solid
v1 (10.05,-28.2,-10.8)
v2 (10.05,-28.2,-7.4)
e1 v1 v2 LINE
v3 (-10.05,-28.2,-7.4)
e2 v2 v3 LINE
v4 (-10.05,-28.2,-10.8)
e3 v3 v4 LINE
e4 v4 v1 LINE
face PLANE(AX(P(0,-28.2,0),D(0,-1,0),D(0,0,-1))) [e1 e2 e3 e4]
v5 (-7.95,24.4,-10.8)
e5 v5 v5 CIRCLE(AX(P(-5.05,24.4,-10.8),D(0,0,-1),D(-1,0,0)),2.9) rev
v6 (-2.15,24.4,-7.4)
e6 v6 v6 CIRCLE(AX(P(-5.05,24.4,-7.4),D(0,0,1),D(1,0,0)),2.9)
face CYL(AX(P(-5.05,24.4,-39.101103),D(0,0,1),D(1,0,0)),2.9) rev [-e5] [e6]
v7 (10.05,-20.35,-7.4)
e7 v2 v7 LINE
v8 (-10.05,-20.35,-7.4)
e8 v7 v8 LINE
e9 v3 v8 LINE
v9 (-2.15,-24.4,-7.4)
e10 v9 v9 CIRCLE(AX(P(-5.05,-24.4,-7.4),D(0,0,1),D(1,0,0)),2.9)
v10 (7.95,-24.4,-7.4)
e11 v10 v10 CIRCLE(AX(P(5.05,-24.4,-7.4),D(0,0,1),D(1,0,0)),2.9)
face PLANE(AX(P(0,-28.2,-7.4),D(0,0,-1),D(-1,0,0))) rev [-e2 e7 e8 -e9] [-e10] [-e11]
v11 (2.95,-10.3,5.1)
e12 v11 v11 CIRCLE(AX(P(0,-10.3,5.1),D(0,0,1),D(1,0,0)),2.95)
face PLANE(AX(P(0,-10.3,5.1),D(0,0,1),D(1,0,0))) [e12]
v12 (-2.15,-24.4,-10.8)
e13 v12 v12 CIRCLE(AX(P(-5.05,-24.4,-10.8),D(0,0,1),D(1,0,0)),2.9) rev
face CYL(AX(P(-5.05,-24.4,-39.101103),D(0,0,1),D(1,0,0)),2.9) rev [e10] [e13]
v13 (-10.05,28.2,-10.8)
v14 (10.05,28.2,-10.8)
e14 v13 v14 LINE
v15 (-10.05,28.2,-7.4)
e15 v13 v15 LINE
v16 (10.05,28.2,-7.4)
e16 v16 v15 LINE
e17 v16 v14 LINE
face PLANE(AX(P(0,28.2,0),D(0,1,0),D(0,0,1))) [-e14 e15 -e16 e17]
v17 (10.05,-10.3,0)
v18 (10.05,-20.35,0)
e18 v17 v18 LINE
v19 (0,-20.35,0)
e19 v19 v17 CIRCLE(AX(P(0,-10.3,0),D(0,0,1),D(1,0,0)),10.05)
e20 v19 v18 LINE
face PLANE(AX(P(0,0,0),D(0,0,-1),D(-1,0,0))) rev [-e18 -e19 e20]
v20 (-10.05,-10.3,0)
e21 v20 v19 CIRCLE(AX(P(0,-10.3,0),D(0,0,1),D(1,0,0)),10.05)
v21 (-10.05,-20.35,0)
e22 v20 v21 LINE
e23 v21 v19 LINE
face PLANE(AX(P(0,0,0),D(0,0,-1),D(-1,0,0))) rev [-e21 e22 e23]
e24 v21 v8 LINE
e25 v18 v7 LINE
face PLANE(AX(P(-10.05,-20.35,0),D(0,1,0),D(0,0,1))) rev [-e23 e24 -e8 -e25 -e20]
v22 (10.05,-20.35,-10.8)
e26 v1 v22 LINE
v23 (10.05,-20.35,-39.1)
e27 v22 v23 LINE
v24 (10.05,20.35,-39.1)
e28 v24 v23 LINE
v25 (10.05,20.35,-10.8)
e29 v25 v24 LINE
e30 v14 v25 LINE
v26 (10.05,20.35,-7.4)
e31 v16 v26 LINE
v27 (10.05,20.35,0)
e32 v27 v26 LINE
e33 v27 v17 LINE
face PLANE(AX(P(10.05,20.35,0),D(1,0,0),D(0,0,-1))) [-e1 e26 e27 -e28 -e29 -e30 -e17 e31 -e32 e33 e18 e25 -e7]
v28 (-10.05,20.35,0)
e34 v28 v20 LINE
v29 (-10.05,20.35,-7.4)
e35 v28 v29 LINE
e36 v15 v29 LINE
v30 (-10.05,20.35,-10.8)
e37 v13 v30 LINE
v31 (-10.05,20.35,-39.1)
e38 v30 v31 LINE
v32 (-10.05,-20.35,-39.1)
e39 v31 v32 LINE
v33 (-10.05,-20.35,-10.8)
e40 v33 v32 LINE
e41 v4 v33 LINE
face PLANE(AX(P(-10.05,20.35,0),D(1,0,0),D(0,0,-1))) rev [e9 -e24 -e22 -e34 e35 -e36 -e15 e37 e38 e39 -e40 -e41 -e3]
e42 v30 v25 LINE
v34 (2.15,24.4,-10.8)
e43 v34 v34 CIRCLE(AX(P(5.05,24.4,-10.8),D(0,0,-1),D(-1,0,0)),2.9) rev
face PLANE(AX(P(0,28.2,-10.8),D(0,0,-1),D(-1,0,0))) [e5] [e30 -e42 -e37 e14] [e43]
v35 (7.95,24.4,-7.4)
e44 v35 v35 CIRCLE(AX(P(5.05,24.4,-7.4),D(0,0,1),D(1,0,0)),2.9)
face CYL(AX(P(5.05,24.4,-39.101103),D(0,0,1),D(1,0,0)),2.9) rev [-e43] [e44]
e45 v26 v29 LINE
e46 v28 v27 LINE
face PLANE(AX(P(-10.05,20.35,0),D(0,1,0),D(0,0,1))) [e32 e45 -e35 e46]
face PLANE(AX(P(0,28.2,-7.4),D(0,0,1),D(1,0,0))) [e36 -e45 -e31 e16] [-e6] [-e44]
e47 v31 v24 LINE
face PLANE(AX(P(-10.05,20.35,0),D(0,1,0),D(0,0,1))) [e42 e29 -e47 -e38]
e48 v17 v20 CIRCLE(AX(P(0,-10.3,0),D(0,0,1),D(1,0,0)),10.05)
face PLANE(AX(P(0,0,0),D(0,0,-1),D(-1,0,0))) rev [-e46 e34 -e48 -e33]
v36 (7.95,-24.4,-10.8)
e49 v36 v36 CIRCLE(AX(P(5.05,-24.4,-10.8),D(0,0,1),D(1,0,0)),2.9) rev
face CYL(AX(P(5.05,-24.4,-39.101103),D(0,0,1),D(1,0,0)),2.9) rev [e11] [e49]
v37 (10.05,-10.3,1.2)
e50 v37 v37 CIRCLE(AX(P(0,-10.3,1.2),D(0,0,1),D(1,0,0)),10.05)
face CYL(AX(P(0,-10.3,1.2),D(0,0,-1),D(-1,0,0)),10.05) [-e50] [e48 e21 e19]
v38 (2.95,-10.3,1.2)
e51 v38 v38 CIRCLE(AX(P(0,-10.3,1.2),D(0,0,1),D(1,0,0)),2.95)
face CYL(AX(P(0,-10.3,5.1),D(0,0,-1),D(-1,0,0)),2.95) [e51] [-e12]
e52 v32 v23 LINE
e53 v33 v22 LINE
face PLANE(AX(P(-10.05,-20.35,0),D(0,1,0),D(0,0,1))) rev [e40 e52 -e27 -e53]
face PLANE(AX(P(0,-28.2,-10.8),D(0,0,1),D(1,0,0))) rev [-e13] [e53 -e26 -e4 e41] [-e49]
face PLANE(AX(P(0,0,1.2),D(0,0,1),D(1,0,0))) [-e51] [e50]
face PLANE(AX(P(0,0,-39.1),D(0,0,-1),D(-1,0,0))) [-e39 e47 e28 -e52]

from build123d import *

# Parameters (mm, degrees)
EXTRUDE_1_DEPTH     = 39.1
SKETCH_7_R          = 10.05
EXTRUDE_2_DEPTH     = 1.2
SKETCH_9_R          = 2.95
EXTRUDE_3_DEPTH     = 3.9
SKETCH_10_W         = 20.1
SKETCH_10_H         = 3.4
EXTRUDE_4_DEPTH     = 7.85
SKETCH_11_W         = 20.1
SKETCH_11_H         = 3.4
EXTRUDE_5_DEPTH     = 7.85
CUT_EXTRUDE_1_REACH = 45.602
CUT_EXTRUDE_2_REACH = 45.602


with BuildPart() as part:
    # Sketch 3D_2 → 凸台-拉伸1 (new body)
    with BuildSketch(Plane(origin=(-10.05, 20.35, 0), x_dir=(0.4428021776174894, -0.8966193347777024, 0), z_dir=(0, 0, 1))):
        Polygon((0, 0), (8.90032377, 18.022048629), (45.392730696, 0), (36.492406925, -18.022048629), align=None)
    extrude(amount=-EXTRUDE_1_DEPTH)

    # 草图7 → 凸台-拉伸2 (add)
    with BuildSketch(Plane.XY):
        with Locations((0, -10.3)):
            Circle(SKETCH_7_R)
    extrude(amount=EXTRUDE_2_DEPTH)

    # 草图9 → 凸台-拉伸3 (add)
    with BuildSketch(Plane.XY.offset(1.2)):
        with Locations((0, -10.3)):
            Circle(SKETCH_9_R)
    extrude(amount=EXTRUDE_3_DEPTH)

    # 草图10 → 凸台-拉伸4 (add)
    with BuildSketch(Plane.XZ.offset(20.35)):
        with Locations((0, -9.1)):
            Rectangle(SKETCH_10_W, SKETCH_10_H)
    extrude(amount=EXTRUDE_4_DEPTH)

    # 草图11 → 凸台-拉伸5 (add)
    with BuildSketch(Plane(origin=(0, 20.35, 0), x_dir=(1, 0, 0), z_dir=(0, 1, 0))):
        with Locations((0, 9.1)):
            Rectangle(SKETCH_11_W, SKETCH_11_H)
    extrude(amount=EXTRUDE_5_DEPTH)

    # 草图13 → 切除-拉伸1 (cut, up to next)
    with BuildSketch(Plane.XY.offset(-7.4), mode=Mode.PRIVATE) as cut_extrude_1_sk1:
        with BuildLine():
            ThreePointArc((-7.95, -24.4), (-7.100609665, -26.450609665), (-5.05, -27.3))
            Line((-5.05, -27.3), (-5.05, -24.4))
            Line((-5.05, -24.4), (-7.95, -24.4))
        make_face()
    cut_extrude_1_tool1 = extrude(cut_extrude_1_sk1.sketch, amount=-CUT_EXTRUDE_1_REACH, mode=Mode.PRIVATE) & part.part
    # 草图13 → 切除-拉伸1 (cut, up to next)
    with BuildSketch(Plane.XY.offset(-7.4), mode=Mode.PRIVATE) as cut_extrude_1_sk2:
        with BuildLine():
            Line((-5.05, -24.4), (-5.05, -27.3))
            ThreePointArc((-5.05, -27.3), (-2.999390335, -26.450609665), (-2.15, -24.4))
            ThreePointArc((-2.15, -24.4), (-5.05, -21.5), (-7.95, -24.4))
            Line((-7.95, -24.4), (-5.05, -24.4))
        make_face()
    cut_extrude_1_tool2 = extrude(cut_extrude_1_sk2.sketch, amount=-CUT_EXTRUDE_1_REACH, mode=Mode.PRIVATE) & part.part
    # 草图13 → 切除-拉伸1 (cut, up to next)
    with BuildSketch(Plane.XY.offset(-7.4), mode=Mode.PRIVATE) as cut_extrude_1_sk3:
        with BuildLine():
            ThreePointArc((-7.95, -24.4), (-7.100609665, -26.450609665), (-5.05, -27.3))
            Line((-5.05, -27.3), (-5.05, -24.4))
            Line((-5.05, -24.4), (-7.95, -24.4))
        make_face()
    cut_extrude_1_tool3 = extrude(cut_extrude_1_sk3.sketch, amount=-CUT_EXTRUDE_1_REACH, mode=Mode.PRIVATE) & part.part
    # 草图13 → 切除-拉伸1 (cut, up to next)
    with BuildSketch(Plane.XY.offset(-7.4), mode=Mode.PRIVATE) as cut_extrude_1_sk4:
        with BuildLine():
            Line((-5.05, -24.4), (-5.05, -27.3))
            ThreePointArc((-5.05, -27.3), (-2.999390335, -26.450609665), (-2.15, -24.4))
            ThreePointArc((-2.15, -24.4), (-5.05, -21.5), (-7.95, -24.4))
            Line((-7.95, -24.4), (-5.05, -24.4))
        make_face()
    cut_extrude_1_tool4 = extrude(cut_extrude_1_sk4.sketch, amount=-CUT_EXTRUDE_1_REACH, mode=Mode.PRIVATE) & part.part
    # 草图13 → 切除-拉伸1 (cut, up to next)
    with BuildSketch(Plane.XY.offset(-7.4), mode=Mode.PRIVATE) as cut_extrude_1_sk5:
        with BuildLine():
            ThreePointArc((7.95, -24.4), (2.999390335, -22.349390335), (5.05, -27.3))
            Line((5.05, -27.3), (5.05, -24.4))
            Line((5.05, -24.4), (7.95, -24.4))
        make_face()
    cut_extrude_1_tool5 = extrude(cut_extrude_1_sk5.sketch, amount=-CUT_EXTRUDE_1_REACH, mode=Mode.PRIVATE) & part.part
    # 草图13 → 切除-拉伸1 (cut, up to next)
    with BuildSketch(Plane.XY.offset(-7.4), mode=Mode.PRIVATE) as cut_extrude_1_sk6:
        with BuildLine():
            Line((5.05, -24.4), (5.05, -27.3))
            ThreePointArc((5.05, -27.3), (7.100609665, -26.450609665), (7.95, -24.4))
            Line((7.95, -24.4), (5.05, -24.4))
        make_face()
    cut_extrude_1_tool6 = extrude(cut_extrude_1_sk6.sketch, amount=-CUT_EXTRUDE_1_REACH, mode=Mode.PRIVATE) & part.part
    # 草图13 → 切除-拉伸1 (cut, up to next)
    with BuildSketch(Plane.XY.offset(-7.4), mode=Mode.PRIVATE) as cut_extrude_1_sk7:
        with BuildLine():
            ThreePointArc((7.95, -24.4), (2.999390335, -22.349390335), (5.05, -27.3))
            Line((5.05, -27.3), (5.05, -24.4))
            Line((5.05, -24.4), (7.95, -24.4))
        make_face()
    cut_extrude_1_tool7 = extrude(cut_extrude_1_sk7.sketch, amount=-CUT_EXTRUDE_1_REACH, mode=Mode.PRIVATE) & part.part
    # 草图13 → 切除-拉伸1 (cut, up to next)
    with BuildSketch(Plane.XY.offset(-7.4), mode=Mode.PRIVATE) as cut_extrude_1_sk8:
        with BuildLine():
            Line((5.05, -24.4), (5.05, -27.3))
            ThreePointArc((5.05, -27.3), (7.100609665, -26.450609665), (7.95, -24.4))
            Line((7.95, -24.4), (5.05, -24.4))
        make_face()
    cut_extrude_1_tool8 = extrude(cut_extrude_1_sk8.sketch, amount=-CUT_EXTRUDE_1_REACH, mode=Mode.PRIVATE) & part.part
    add(cut_extrude_1_tool1.solids().sort_by_distance((-6.280798, -25.630798, -7.4))[0], mode=Mode.SUBTRACT)
    add(cut_extrude_1_tool2.solids().sort_by_distance((-4.639734, -23.989734, -7.4))[0], mode=Mode.SUBTRACT)
    add(cut_extrude_1_tool3.solids().sort_by_distance((-6.280798, -25.630798, -7.4))[0], mode=Mode.SUBTRACT)
    add(cut_extrude_1_tool4.solids().sort_by_distance((-4.639734, -23.989734, -7.4))[0], mode=Mode.SUBTRACT)
    add(cut_extrude_1_tool5.solids().sort_by_distance((4.639734, -23.989734, -7.4))[0], mode=Mode.SUBTRACT)
    add(cut_extrude_1_tool6.solids().sort_by_distance((6.280798, -25.630798, -7.4))[0], mode=Mode.SUBTRACT)
    add(cut_extrude_1_tool7.solids().sort_by_distance((4.639734, -23.989734, -7.4))[0], mode=Mode.SUBTRACT)
    add(cut_extrude_1_tool8.solids().sort_by_distance((6.280798, -25.630798, -7.4))[0], mode=Mode.SUBTRACT)

    # 草图14 → 切除-拉伸2 (cut, up to next)
    with BuildSketch(Plane.XY.offset(-7.4), mode=Mode.PRIVATE) as cut_extrude_2_sk1:
        with BuildLine():
            ThreePointArc((-2.15, 24.4), (-2.999390335, 26.450609665), (-5.05, 27.3))
            Line((-5.05, 27.3), (-5.05, 24.4))
            Line((-5.05, 24.4), (-7.95, 24.4))
            ThreePointArc((-7.95, 24.4), (-5.05, 21.5), (-2.15, 24.4))
        make_face()
    cut_extrude_2_tool1 = extrude(cut_extrude_2_sk1.sketch, amount=-CUT_EXTRUDE_2_REACH, mode=Mode.PRIVATE) & part.part
    # 草图14 → 切除-拉伸2 (cut, up to next)
    with BuildSketch(Plane.XY.offset(-7.4), mode=Mode.PRIVATE) as cut_extrude_2_sk2:
        with BuildLine():
            Line((-5.05, 24.4), (-5.05, 27.3))
            ThreePointArc((-5.05, 27.3), (-7.100609665, 26.450609665), (-7.95, 24.4))
            Line((-7.95, 24.4), (-5.05, 24.4))
        make_face()
    cut_extrude_2_tool2 = extrude(cut_extrude_2_sk2.sketch, amount=-CUT_EXTRUDE_2_REACH, mode=Mode.PRIVATE) & part.part
    # 草图14 → 切除-拉伸2 (cut, up to next)
    with BuildSketch(Plane.XY.offset(-7.4), mode=Mode.PRIVATE) as cut_extrude_2_sk3:
        with BuildLine():
            ThreePointArc((-2.15, 24.4), (-2.999390335, 26.450609665), (-5.05, 27.3))
            Line((-5.05, 27.3), (-5.05, 24.4))
            Line((-5.05, 24.4), (-7.95, 24.4))
            ThreePointArc((-7.95, 24.4), (-5.05, 21.5), (-2.15, 24.4))
        make_face()
    cut_extrude_2_tool3 = extrude(cut_extrude_2_sk3.sketch, amount=-CUT_EXTRUDE_2_REACH, mode=Mode.PRIVATE) & part.part
    # 草图14 → 切除-拉伸2 (cut, up to next)
    with BuildSketch(Plane.XY.offset(-7.4), mode=Mode.PRIVATE) as cut_extrude_2_sk4:
        with BuildLine():
            Line((-5.05, 24.4), (-5.05, 27.3))
            ThreePointArc((-5.05, 27.3), (-7.100609665, 26.450609665), (-7.95, 24.4))
            Line((-7.95, 24.4), (-5.05, 24.4))
        make_face()
    cut_extrude_2_tool4 = extrude(cut_extrude_2_sk4.sketch, amount=-CUT_EXTRUDE_2_REACH, mode=Mode.PRIVATE) & part.part
    # 草图14 → 切除-拉伸2 (cut, up to next)
    with BuildSketch(Plane.XY.offset(-7.4), mode=Mode.PRIVATE) as cut_extrude_2_sk5:
        with BuildLine():
            ThreePointArc((7.95, 24.4), (7.100609665, 26.450609665), (5.05, 27.3))
            Line((5.05, 27.3), (5.05, 24.4))
            Line((5.05, 24.4), (7.95, 24.4))
        make_face()
    cut_extrude_2_tool5 = extrude(cut_extrude_2_sk5.sketch, amount=-CUT_EXTRUDE_2_REACH, mode=Mode.PRIVATE) & part.part
    # 草图14 → 切除-拉伸2 (cut, up to next)
    with BuildSketch(Plane.XY.offset(-7.4), mode=Mode.PRIVATE) as cut_extrude_2_sk6:
        with BuildLine():
            Line((5.05, 24.4), (5.05, 27.3))
            ThreePointArc((5.05, 27.3), (2.999390335, 22.349390335), (7.95, 24.4))
            Line((7.95, 24.4), (5.05, 24.4))
        make_face()
    cut_extrude_2_tool6 = extrude(cut_extrude_2_sk6.sketch, amount=-CUT_EXTRUDE_2_REACH, mode=Mode.PRIVATE) & part.part
    # 草图14 → 切除-拉伸2 (cut, up to next)
    with BuildSketch(Plane.XY.offset(-7.4), mode=Mode.PRIVATE) as cut_extrude_2_sk7:
        with BuildLine():
            ThreePointArc((7.95, 24.4), (7.100609665, 26.450609665), (5.05, 27.3))
            Line((5.05, 27.3), (5.05, 24.4))
            Line((5.05, 24.4), (7.95, 24.4))
        make_face()
    cut_extrude_2_tool7 = extrude(cut_extrude_2_sk7.sketch, amount=-CUT_EXTRUDE_2_REACH, mode=Mode.PRIVATE) & part.part
    # 草图14 → 切除-拉伸2 (cut, up to next)
    with BuildSketch(Plane.XY.offset(-7.4), mode=Mode.PRIVATE) as cut_extrude_2_sk8:
        with BuildLine():
            Line((5.05, 24.4), (5.05, 27.3))
            ThreePointArc((5.05, 27.3), (2.999390335, 22.349390335), (7.95, 24.4))
            Line((7.95, 24.4), (5.05, 24.4))
        make_face()
    cut_extrude_2_tool8 = extrude(cut_extrude_2_sk8.sketch, amount=-CUT_EXTRUDE_2_REACH, mode=Mode.PRIVATE) & part.part
    add(cut_extrude_2_tool1.solids().sort_by_distance((-4.639734, 23.989734, -7.4))[0], mode=Mode.SUBTRACT)
    add(cut_extrude_2_tool2.solids().sort_by_distance((-6.280798, 25.630798, -7.4))[0], mode=Mode.SUBTRACT)
    add(cut_extrude_2_tool3.solids().sort_by_distance((-4.639734, 23.989734, -7.4))[0], mode=Mode.SUBTRACT)
    add(cut_extrude_2_tool4.solids().sort_by_distance((-6.280798, 25.630798, -7.4))[0], mode=Mode.SUBTRACT)
    add(cut_extrude_2_tool5.solids().sort_by_distance((6.280798, 25.630798, -7.4))[0], mode=Mode.SUBTRACT)
    add(cut_extrude_2_tool6.solids().sort_by_distance((4.639734, 23.989734, -7.4))[0], mode=Mode.SUBTRACT)
    add(cut_extrude_2_tool7.solids().sort_by_distance((6.280798, 25.630798, -7.4))[0], mode=Mode.SUBTRACT)
    add(cut_extrude_2_tool8.solids().sort_by_distance((4.639734, 23.989734, -7.4))[0], mode=Mode.SUBTRACT)


solid = part.part
